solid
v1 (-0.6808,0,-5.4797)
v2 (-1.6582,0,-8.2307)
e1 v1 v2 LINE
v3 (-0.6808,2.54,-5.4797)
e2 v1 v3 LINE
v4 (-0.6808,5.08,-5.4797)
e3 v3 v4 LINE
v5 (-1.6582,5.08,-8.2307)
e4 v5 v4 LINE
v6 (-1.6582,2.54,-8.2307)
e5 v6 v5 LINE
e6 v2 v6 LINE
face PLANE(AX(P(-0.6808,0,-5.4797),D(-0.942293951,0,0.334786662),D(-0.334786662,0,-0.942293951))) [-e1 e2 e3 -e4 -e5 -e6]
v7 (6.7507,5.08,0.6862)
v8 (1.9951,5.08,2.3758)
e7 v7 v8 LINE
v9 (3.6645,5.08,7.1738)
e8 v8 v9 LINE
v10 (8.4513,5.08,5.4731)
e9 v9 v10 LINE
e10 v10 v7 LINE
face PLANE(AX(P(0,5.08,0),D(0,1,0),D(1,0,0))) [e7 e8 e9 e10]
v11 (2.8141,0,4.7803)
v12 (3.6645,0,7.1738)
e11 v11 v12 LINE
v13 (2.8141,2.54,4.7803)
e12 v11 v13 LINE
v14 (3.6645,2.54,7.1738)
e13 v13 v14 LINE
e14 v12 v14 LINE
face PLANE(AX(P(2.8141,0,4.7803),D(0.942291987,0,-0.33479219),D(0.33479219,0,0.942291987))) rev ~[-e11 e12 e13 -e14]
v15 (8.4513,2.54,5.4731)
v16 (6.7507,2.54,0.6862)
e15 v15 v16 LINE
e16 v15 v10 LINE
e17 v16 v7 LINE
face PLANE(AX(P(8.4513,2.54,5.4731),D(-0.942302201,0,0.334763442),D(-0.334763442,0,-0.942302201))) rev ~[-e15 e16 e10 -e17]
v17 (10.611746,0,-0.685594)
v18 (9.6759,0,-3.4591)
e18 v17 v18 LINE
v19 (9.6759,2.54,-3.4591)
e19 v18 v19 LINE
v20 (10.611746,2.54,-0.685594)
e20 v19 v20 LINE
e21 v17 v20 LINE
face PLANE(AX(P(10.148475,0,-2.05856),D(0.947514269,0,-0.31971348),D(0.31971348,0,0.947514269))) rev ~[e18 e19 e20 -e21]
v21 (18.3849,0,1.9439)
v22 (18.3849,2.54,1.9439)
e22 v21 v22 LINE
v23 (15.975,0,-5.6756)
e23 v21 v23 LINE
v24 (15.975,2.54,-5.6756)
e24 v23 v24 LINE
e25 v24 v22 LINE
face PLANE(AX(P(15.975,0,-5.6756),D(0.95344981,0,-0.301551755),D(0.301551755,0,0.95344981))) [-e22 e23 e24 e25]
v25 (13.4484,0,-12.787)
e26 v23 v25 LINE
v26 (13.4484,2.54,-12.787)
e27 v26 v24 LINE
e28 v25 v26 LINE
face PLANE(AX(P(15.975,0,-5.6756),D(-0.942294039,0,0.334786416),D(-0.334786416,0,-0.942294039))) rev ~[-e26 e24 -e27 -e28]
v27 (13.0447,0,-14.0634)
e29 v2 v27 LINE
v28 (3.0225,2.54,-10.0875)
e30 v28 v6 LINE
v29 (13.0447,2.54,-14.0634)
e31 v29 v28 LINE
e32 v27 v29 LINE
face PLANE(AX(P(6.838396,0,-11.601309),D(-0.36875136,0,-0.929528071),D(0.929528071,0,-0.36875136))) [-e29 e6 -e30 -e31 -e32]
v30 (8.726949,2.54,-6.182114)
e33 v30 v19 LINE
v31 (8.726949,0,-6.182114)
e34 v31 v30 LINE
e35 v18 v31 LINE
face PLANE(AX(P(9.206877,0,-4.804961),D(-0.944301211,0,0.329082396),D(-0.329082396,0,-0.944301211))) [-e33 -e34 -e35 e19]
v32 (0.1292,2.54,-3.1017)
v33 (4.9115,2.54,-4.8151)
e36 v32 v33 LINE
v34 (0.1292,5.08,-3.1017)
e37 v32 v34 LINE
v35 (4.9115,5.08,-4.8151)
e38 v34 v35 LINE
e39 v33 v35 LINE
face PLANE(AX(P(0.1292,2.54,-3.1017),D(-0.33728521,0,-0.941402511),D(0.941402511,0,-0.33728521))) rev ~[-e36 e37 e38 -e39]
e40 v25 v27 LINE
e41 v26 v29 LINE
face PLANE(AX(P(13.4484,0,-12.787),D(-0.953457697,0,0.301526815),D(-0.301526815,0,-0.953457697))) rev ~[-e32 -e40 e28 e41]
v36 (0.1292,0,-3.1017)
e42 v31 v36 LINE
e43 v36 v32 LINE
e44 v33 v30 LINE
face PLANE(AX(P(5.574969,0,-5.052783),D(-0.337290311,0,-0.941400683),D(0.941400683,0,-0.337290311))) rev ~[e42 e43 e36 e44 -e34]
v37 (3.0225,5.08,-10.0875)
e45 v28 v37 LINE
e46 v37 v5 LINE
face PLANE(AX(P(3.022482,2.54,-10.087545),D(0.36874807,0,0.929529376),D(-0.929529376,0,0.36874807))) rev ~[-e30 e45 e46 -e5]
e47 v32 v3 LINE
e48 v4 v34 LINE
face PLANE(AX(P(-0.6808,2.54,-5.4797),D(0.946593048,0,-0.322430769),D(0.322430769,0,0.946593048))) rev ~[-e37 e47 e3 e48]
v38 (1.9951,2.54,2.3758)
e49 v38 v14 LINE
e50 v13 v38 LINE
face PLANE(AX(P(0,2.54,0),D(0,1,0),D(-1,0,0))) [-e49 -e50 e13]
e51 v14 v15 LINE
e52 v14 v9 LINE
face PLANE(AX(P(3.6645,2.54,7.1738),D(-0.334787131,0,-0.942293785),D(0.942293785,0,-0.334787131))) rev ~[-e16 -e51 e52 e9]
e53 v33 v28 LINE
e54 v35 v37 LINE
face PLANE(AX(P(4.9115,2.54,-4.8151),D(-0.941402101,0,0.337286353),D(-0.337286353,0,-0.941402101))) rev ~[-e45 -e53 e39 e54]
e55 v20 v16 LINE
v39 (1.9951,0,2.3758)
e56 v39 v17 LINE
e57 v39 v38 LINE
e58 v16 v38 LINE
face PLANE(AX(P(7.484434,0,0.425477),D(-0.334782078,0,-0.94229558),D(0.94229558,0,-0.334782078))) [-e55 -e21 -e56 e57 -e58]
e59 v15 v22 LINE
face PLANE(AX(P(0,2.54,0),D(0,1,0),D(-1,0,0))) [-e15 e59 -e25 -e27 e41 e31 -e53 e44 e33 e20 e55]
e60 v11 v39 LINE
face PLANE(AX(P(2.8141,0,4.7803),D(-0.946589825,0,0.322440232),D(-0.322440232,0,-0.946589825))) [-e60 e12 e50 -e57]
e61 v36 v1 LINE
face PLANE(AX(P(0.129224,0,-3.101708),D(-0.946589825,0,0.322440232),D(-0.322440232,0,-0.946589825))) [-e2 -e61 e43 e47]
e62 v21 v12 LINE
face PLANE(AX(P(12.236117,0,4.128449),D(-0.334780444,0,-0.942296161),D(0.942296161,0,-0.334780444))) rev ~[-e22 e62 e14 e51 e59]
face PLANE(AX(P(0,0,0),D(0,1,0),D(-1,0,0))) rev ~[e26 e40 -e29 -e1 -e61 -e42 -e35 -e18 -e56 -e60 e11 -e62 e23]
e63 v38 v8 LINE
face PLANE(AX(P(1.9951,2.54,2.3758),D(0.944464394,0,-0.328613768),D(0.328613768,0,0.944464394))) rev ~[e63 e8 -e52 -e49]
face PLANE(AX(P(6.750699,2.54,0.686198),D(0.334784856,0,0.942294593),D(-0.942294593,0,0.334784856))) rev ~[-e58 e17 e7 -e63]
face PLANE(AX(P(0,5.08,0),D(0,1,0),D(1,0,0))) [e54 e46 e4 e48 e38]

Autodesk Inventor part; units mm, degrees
ref_plane "YZ Plane" through (0, 0, 0) normal (1, 0, 0) x (0, 1, 0)
ref_plane "XZ Plane" through (0, 0, 0) normal (0, 1, 0) x (-1, 0, 0)
ref_plane "XY Plane" through (0, 0, 0) normal (0, 0, 1) x (1, 0, 0)
sketch "Sketch1" plane through (0, 0, 0) normal (0, 1, 0) x (-1, 0, 0)
  line L0 (6.5186, 9.6083) -> (7.4793, 6.9251)
  line L1 (9.9904, -0.6602) -> (10.9974, -3.3263)
  line L2 (6.9989, 8.2667) -> (-2.8141, 4.7803)
  line L3 (10.4939, -1.9933) -> (0.6808, -5.4797)
  circle A0 centre (-12.8288, -4.5578) radius 1.5875
  circle A1 centre (-12.8288, -4.5578) radius 3.3389
  line L4 (-2.8141, 4.7803) -> (-12.8288, -4.5578)
  line L5 (-12.8288, -4.5578) -> (0.6808, -5.4797)
  line L6 (-2.8141, 4.7803) -> (-15.056, 0.431)
  line L7 (-12.8288, -4.5578) -> (-14.6522, 0.5745)
  line L8 (-14.6522, 0.5745) -> (-2.8141, 4.7803)
  line L9 (-12.8288, -4.5578) -> (-10.8725, -10.064)
  line L10 (0.6808, -5.4797) -> (-10.8725, -10.064)
  line L11 (10.4939, -1.9933) -> (11.3914, -4.3694)
  line L12 (11.3914, -4.3694) -> (9.5964, 0.3829)
  line L13 (9.5964, 0.3829) -> (-15.056, -8.4497)
  line L14 (-12.8288, -4.5578) -> (-15.975, -5.6756)
  line L15 (-15.9757, -5.6736) -> (-13.4484, -12.787)
  line L16 (-13.4484, -12.787) -> (-12.5471, -15.637)
  line L17 (11.3914, -4.3694) -> (-13.0447, -14.0634)
  line L18 (-15.9757, -5.6736) -> (-19.6824, 6.0465)
  line L19 (6.9989, 8.2667) -> (7.8493, 5.8733)
  line L20 (7.8493, 5.8733) -> (6.1486, 10.6602)
  line L21 (6.1486, 10.6602) -> (-18.3849, 1.9439)
  line L22 (7.8493, 5.8733) -> (-16.8521, -2.9027)
  line L23 (-2.8141, 4.7803) -> (0.6808, -5.4797)
  line L24 (-2.8141, 4.7803) -> (-3.6645, 7.1738)
  line L25 (0.6808, -5.4797) -> (1.6582, -8.2307)
  line L26 (-1.9951, 2.3758) -> (-16.8521, -2.9027)
  line L27 (-3.6645, 7.1738) -> (-18.3849, 1.9439)
  line L28 (-13.0447, -14.0634) -> (1.6582, -8.2307)
  line L29 (-0.1292, -3.1017) -> (-11.8537, -7.3024)
  line L30 (-0.1292, -3.1017) -> (1.6582, -8.2307)
  line L31 (-12.8288, -4.5578) -> (-9.6759, -3.4591)
  line L32 (-9.6759, -3.4591) -> (-6.8384, -11.6013)
  line L33 (-9.6759, -3.4591) -> (-12.2361, 4.1284)
  point P0 (0, 0)
  point P1 (-8.727, -6.1821)
  point P2 (-10.6118, -0.6856)
  point P3 (-16.045, -5.4546)
  point P4 (-15.9742, -5.6777)
  dimension "d0" = 10.414
  dimension "d1" = 10.414
  dimension "d2" = 12.2419
  dimension "d3" = 12.4297
  dimension "d4" = 5.1323
  dimension "d5" = 5.5062
  dimension "d6" = 13.6929
  dimension "d7" = 13.5096
  dimension "d8" = 2.54
  dimension "d9" = 5.08
  dimension "d10" = 2.54
  dimension "d11" = 5.08
sketch "Sketch2" plane through (0, 0, 0) normal (0, 1, 0) x (-1, 0, 0)
  point P0 (0, 0)
extrude "Extrusion1" add sketch "Sketch1" along normal blind 2.54 contours L18 L22 A1 | L23 L5 L13 | L10 L32 L13 L5 | L25 L17 L32 L10 | L22 L4 L23 | L32 L17 L16 L15 L13 A1 L9 L10 | L10 L9 A1 L13 L32 | L32 L13 A1 L5 | L5 A1 L32 | L22 L33 L6 L4 | L6 L33 L21 L24 | L5 A0 L31 A1 | A1 L13 L9 A0 L5 | L31 A0 L4 A1 | A1 L4 L33 | A1 L9 L13 | L4 A1 L22 L33 | L22 A1 L7 L6 L33 | L6 L7 A1 L22 L18 L21 L33 | A1 L13 L9 | L5 L31 A0 | A0 L9 L5 | L4 A0 L7 L22 A1 | L31 L4 A0 | L13 A1 L14 A0 L9 | L22 L7 A1 | L13 L15 A1 | A0 L14 L9 | L7 A0 L4 | L14 A0 L7 | L7 L22 A1 | L7 A0 L14 A1 L22
sketch "Sketch3" plane through (0, 2.54, 0) normal (0, 1, 0) x (1, 0, 0)
  line L0 (8.727, 6.1821) -> (6.8384, 11.6013)
  line L1 (13.0447, 14.0634) -> (-1.6582, 8.2307) projected
  line L2 (10.6118, 0.6856) -> (12.2361, -4.1284)
  line L3 (3.6645, -7.1738) -> (18.3849, -1.9439) projected
  line L4 (8.727, 6.1821) -> (9.6759, 3.4591) projected
  line L5 (9.6759, 3.4591) -> (10.6118, 0.6856) projected
  point P0 (0, 0)
sketch "Sketch4" plane through (0, 2.54, 0) normal (0, 1, 0) x (1, 0, 0)
  line L0 (2.8141, -4.7803) -> (3.6645, -7.1738) projected
  line L1 (1.9951, -2.3758) -> (3.6645, -7.1738)
  line L2 (3.6645, -7.1738) -> (8.4513, -5.4731)
  line L3 (3.6645, -7.1738) -> (18.3849, -1.9439) projected
  line L4 (8.4513, -5.4731) -> (6.7507, -0.6862)
  line L5 (10.6118, 0.6856) -> (1.9951, -2.3758) projected
  line L6 (-0.6808, 5.4797) -> (0.1292, 3.1017) projected
  line L7 (0.1292, 3.1017) -> (4.9115, 4.8151)
  line L8 (0.1292, 3.1017) -> (8.727, 6.1821) projected
  line L9 (4.9115, 4.8151) -> (3.0225, 10.0875)
  line L10 (13.0447, 14.0634) -> (-1.6582, 8.2307) projected
  line L11 (3.6645, -7.1738) -> (18.3849, -1.9439) projected
  line L12 (-1.6582, 8.2307) -> (-0.6808, 5.4797) projected
  line L13 (-0.6808, 5.4797) -> (-1.6582, 8.2307)
  point P0 (0, 0)
  dimension "d14" = 5.08
  dimension "d15" = 5.08
sketch "Sketch5" plane through (0, 2.54, 0) normal (0, 1, 0) x (1, 0, 0)
  point P0 (0, 0)
extrude "Extrusion2" add sketch "Sketch4" along normal blind 2.54
properties part number "filendholder"
